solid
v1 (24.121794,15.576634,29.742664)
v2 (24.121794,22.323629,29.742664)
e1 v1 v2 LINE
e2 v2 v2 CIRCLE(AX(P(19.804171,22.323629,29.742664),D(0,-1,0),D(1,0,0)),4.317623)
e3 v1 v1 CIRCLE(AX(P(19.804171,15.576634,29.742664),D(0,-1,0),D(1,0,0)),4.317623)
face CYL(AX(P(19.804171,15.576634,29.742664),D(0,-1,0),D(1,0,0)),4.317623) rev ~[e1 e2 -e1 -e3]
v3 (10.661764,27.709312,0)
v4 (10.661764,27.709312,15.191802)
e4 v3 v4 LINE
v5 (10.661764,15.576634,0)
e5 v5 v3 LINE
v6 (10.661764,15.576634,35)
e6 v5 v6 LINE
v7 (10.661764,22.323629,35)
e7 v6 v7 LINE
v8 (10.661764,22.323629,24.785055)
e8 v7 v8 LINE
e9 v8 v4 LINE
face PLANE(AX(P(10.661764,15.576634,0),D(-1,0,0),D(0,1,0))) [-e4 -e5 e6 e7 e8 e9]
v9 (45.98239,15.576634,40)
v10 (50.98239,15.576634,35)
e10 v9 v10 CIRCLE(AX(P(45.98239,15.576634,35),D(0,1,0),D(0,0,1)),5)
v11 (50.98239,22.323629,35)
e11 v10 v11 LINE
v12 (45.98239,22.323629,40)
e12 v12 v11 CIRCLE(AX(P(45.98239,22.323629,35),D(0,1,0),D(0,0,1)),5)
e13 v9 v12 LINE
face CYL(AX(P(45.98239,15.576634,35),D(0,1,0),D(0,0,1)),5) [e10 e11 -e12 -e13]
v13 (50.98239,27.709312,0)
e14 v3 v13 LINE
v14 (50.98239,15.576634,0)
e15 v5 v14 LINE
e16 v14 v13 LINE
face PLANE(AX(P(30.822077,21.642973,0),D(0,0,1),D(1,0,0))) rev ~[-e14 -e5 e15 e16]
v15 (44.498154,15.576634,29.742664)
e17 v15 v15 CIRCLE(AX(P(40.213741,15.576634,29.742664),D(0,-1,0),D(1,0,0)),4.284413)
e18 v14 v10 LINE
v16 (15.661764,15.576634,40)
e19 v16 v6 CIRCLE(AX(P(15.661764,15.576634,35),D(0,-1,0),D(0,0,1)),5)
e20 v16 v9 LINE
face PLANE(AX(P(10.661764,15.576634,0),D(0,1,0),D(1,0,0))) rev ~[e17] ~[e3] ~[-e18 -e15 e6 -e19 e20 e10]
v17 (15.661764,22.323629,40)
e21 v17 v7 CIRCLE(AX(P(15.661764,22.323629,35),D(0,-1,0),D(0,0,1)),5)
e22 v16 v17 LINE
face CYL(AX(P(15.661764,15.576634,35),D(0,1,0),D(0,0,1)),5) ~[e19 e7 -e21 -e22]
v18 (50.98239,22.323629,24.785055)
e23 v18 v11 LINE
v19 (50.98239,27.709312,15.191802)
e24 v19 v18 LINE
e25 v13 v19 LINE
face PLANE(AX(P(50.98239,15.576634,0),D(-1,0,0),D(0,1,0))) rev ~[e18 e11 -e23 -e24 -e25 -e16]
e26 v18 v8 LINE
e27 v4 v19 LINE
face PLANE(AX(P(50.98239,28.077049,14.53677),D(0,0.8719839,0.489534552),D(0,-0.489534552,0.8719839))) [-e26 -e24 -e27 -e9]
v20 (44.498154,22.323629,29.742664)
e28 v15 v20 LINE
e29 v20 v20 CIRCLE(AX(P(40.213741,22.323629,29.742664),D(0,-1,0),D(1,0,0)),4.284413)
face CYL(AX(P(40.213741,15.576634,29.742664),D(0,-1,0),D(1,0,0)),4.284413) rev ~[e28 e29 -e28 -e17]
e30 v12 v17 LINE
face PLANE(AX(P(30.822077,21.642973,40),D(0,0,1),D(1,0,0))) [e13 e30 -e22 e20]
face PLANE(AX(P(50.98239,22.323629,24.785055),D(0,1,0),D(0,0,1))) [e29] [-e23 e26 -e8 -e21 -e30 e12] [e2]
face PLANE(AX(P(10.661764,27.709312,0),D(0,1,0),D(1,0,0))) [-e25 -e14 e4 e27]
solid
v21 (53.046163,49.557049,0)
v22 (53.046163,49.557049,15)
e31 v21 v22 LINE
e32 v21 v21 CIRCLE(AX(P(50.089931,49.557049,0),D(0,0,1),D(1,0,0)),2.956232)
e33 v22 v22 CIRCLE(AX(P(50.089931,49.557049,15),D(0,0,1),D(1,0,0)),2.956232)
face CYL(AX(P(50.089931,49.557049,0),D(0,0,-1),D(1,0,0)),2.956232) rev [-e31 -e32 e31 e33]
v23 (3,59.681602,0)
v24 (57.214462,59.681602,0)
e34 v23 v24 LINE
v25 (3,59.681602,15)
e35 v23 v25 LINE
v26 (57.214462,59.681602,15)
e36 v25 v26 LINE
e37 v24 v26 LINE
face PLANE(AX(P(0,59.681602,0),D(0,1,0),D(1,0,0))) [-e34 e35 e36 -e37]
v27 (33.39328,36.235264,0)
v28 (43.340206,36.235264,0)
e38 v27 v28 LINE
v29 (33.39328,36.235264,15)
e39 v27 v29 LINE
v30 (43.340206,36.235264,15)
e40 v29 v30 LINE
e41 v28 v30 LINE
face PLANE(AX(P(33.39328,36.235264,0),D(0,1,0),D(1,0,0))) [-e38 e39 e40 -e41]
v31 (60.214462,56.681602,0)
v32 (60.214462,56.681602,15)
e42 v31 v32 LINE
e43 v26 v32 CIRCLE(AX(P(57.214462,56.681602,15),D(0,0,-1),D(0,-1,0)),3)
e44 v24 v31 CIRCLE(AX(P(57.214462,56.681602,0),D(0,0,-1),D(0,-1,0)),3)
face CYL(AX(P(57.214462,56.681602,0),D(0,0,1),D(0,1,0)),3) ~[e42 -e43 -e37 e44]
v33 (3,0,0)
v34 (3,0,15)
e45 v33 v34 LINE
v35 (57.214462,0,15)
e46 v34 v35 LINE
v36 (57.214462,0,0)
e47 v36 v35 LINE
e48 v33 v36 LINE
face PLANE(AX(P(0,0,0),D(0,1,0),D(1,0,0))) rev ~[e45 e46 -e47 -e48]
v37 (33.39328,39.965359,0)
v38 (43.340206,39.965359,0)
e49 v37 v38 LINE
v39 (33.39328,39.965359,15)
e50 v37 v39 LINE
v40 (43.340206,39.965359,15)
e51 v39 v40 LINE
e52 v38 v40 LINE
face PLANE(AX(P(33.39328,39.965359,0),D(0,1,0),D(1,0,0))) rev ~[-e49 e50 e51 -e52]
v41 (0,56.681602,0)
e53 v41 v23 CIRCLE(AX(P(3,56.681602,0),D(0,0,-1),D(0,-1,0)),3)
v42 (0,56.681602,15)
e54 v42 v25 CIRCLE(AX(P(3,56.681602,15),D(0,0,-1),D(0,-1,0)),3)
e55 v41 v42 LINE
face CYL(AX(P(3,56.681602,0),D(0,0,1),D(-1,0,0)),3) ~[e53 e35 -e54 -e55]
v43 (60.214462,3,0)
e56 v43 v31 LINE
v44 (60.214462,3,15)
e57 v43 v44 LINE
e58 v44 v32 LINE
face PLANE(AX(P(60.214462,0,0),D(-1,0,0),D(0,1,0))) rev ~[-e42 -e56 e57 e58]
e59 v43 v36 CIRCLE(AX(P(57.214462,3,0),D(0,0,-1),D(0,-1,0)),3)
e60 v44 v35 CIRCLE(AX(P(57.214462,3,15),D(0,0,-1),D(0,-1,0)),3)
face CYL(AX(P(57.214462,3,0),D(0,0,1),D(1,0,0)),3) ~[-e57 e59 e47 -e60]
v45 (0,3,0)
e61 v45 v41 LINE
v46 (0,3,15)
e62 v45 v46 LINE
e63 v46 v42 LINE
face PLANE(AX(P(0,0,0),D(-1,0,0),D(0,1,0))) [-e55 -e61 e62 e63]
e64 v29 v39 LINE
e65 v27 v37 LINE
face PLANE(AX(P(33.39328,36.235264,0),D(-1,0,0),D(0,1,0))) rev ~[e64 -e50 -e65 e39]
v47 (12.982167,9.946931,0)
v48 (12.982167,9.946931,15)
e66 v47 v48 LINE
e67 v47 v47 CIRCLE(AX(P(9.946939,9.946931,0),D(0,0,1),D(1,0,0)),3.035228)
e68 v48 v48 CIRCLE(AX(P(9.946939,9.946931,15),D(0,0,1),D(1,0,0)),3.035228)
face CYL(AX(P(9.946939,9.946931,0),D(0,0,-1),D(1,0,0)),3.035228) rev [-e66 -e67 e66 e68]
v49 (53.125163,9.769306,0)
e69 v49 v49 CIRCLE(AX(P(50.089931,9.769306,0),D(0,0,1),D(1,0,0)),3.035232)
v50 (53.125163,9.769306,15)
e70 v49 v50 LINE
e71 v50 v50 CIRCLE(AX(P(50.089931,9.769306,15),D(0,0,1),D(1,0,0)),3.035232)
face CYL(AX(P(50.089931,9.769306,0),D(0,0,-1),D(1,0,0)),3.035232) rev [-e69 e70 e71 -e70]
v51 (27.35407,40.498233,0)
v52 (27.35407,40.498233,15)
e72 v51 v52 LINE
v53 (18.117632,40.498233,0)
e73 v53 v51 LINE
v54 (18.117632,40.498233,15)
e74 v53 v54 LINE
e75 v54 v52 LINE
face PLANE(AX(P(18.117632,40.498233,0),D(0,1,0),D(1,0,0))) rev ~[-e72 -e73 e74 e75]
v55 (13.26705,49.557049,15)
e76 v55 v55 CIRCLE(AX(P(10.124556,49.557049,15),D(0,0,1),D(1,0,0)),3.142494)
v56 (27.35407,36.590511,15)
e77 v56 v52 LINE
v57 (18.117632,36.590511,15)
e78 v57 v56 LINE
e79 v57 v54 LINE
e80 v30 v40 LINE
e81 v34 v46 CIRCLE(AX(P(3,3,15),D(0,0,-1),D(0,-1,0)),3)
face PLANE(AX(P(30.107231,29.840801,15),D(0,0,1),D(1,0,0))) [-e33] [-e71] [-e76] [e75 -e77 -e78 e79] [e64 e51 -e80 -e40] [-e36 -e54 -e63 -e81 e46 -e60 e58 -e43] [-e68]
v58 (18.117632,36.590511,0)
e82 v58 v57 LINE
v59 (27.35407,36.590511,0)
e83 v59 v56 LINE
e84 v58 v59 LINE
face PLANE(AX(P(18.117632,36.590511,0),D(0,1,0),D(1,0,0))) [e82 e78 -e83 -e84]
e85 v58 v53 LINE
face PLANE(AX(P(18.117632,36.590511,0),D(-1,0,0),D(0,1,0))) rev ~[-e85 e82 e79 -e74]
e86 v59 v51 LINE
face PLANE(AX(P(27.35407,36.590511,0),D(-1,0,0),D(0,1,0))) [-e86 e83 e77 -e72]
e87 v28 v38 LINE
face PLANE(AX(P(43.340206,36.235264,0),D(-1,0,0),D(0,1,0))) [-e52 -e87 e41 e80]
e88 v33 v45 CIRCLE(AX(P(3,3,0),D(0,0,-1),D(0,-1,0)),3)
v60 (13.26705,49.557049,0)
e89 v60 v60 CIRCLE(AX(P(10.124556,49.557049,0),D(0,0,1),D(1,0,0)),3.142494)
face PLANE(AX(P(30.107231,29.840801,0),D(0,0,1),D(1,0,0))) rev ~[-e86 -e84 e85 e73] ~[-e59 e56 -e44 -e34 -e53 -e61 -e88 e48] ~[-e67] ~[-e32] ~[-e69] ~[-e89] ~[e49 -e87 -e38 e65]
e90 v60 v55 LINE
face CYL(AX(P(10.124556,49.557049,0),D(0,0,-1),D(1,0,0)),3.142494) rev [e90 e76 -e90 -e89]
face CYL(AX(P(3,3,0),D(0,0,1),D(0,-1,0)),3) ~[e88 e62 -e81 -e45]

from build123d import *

# Parameters (mm, degrees)
SKETCH001_W     = 40.320626
SKETCH001_H     = 12.132678
PAD001_DEPTH    = 40
SKETCH002_R     = 4.317623
SKETCH002_R_2   = 4.284413
POCKET_DEPTH    = 20
POCKET001_DEPTH = 50
FILLET_R        = 5
FILLET001_R     = 5
SKETCH_W        = 60.214462
SKETCH_H        = 59.681602
SKETCH_R        = 3.142494
SKETCH_R_2      = 2.956232
SKETCH_R_3      = 3.035228
SKETCH_R_4      = 3.035232
SKETCH_W_2      = 9.236439
SKETCH_H_2      = 3.907723
SKETCH_W_3      = 9.946926
SKETCH_H_3      = 3.730095
PAD_DEPTH       = 15
FILLET002_R     = 3
FILLET003_R     = 3
FILLET004_R     = 3
FILLET005_R     = 3


with BuildPart() as fillet001:
    # Sketch001 → Pad001 (new body)
    with BuildSketch(Plane.XY):
        with Locations((30.822077, 21.642973)):
            Rectangle(SKETCH001_W, SKETCH001_H)
    extrude(amount=PAD001_DEPTH)

    # Sketch002 → Pocket (cut)
    with BuildSketch(Plane.XZ.offset(-15.576634)):
        with Locations((19.804171, 29.742664)):
            Circle(SKETCH002_R)
        with Locations((40.213741, 29.742664)):
            Circle(SKETCH002_R_2)
    extrude(amount=-POCKET_DEPTH, mode=Mode.SUBTRACT)

    # Sketch004 → Pocket001 (cut)
    with BuildSketch(Plane.YZ.offset(50.98239)):
        Polygon((28.077049, 14.53677), (22.323629, 24.785055), (22.323629, 47.259361), (55.765396, 45.281624), align=None)
    extrude(amount=-POCKET001_DEPTH, mode=Mode.SUBTRACT)

    # Fillet
    fillet_edges = [fillet001.edges().sort_by_distance(p)[0] for p in [
        (50.98239, 18.950131, 40),
    ]]
    fillet(fillet_edges, radius=FILLET_R)

    # Fillet001
    fillet001_edges = [fillet001.edges().sort_by_distance(p)[0] for p in [
        (10.661764, 18.950132, 40),
    ]]
    fillet(fillet001_edges, radius=FILLET001_R)


with BuildPart() as fillet005:
    # Sketch → Pad (new body)
    with BuildSketch(Plane.XY):
        with Locations((30.107231, 29.840801)):
            Rectangle(SKETCH_W, SKETCH_H)
        with Locations((10.124556, 49.557049)):
            Circle(SKETCH_R, mode=Mode.SUBTRACT)
        with Locations((50.089931, 49.557049)):
            Circle(SKETCH_R_2, mode=Mode.SUBTRACT)
        with Locations((9.946939, 9.946931)):
            Circle(SKETCH_R_3, mode=Mode.SUBTRACT)
        with Locations((50.089931, 9.769306)):
            Circle(SKETCH_R_4, mode=Mode.SUBTRACT)
        with Locations((22.735851, 38.544372)):
            Rectangle(SKETCH_W_2, SKETCH_H_2, mode=Mode.SUBTRACT)
        with Locations((38.366743, 38.100312)):
            Rectangle(SKETCH_W_3, SKETCH_H_3, mode=Mode.SUBTRACT)
    extrude(amount=PAD_DEPTH)

    # Fillet002
    fillet002_edges = [fillet005.edges().sort_by_distance(p)[0] for p in [
        (60.214462, 59.681602, 7.5),
    ]]
    fillet(fillet002_edges, radius=FILLET002_R)

    # Fillet003
    fillet003_edges = [fillet005.edges().sort_by_distance(p)[0] for p in [
        (60.214462, 0, 7.5),
    ]]
    fillet(fillet003_edges, radius=FILLET003_R)

    # Fillet004
    fillet004_edges = [fillet005.edges().sort_by_distance(p)[0] for p in [
        (0, 0, 7.5),
    ]]
    fillet(fillet004_edges, radius=FILLET004_R)

    # Fillet005
    fillet005_edges = [fillet005.edges().sort_by_distance(p)[0] for p in [
        (0, 59.681602, 7.5),
    ]]
    fillet(fillet005_edges, radius=FILLET005_R)


solid = Compound([fillet001.part, fillet005.part])
